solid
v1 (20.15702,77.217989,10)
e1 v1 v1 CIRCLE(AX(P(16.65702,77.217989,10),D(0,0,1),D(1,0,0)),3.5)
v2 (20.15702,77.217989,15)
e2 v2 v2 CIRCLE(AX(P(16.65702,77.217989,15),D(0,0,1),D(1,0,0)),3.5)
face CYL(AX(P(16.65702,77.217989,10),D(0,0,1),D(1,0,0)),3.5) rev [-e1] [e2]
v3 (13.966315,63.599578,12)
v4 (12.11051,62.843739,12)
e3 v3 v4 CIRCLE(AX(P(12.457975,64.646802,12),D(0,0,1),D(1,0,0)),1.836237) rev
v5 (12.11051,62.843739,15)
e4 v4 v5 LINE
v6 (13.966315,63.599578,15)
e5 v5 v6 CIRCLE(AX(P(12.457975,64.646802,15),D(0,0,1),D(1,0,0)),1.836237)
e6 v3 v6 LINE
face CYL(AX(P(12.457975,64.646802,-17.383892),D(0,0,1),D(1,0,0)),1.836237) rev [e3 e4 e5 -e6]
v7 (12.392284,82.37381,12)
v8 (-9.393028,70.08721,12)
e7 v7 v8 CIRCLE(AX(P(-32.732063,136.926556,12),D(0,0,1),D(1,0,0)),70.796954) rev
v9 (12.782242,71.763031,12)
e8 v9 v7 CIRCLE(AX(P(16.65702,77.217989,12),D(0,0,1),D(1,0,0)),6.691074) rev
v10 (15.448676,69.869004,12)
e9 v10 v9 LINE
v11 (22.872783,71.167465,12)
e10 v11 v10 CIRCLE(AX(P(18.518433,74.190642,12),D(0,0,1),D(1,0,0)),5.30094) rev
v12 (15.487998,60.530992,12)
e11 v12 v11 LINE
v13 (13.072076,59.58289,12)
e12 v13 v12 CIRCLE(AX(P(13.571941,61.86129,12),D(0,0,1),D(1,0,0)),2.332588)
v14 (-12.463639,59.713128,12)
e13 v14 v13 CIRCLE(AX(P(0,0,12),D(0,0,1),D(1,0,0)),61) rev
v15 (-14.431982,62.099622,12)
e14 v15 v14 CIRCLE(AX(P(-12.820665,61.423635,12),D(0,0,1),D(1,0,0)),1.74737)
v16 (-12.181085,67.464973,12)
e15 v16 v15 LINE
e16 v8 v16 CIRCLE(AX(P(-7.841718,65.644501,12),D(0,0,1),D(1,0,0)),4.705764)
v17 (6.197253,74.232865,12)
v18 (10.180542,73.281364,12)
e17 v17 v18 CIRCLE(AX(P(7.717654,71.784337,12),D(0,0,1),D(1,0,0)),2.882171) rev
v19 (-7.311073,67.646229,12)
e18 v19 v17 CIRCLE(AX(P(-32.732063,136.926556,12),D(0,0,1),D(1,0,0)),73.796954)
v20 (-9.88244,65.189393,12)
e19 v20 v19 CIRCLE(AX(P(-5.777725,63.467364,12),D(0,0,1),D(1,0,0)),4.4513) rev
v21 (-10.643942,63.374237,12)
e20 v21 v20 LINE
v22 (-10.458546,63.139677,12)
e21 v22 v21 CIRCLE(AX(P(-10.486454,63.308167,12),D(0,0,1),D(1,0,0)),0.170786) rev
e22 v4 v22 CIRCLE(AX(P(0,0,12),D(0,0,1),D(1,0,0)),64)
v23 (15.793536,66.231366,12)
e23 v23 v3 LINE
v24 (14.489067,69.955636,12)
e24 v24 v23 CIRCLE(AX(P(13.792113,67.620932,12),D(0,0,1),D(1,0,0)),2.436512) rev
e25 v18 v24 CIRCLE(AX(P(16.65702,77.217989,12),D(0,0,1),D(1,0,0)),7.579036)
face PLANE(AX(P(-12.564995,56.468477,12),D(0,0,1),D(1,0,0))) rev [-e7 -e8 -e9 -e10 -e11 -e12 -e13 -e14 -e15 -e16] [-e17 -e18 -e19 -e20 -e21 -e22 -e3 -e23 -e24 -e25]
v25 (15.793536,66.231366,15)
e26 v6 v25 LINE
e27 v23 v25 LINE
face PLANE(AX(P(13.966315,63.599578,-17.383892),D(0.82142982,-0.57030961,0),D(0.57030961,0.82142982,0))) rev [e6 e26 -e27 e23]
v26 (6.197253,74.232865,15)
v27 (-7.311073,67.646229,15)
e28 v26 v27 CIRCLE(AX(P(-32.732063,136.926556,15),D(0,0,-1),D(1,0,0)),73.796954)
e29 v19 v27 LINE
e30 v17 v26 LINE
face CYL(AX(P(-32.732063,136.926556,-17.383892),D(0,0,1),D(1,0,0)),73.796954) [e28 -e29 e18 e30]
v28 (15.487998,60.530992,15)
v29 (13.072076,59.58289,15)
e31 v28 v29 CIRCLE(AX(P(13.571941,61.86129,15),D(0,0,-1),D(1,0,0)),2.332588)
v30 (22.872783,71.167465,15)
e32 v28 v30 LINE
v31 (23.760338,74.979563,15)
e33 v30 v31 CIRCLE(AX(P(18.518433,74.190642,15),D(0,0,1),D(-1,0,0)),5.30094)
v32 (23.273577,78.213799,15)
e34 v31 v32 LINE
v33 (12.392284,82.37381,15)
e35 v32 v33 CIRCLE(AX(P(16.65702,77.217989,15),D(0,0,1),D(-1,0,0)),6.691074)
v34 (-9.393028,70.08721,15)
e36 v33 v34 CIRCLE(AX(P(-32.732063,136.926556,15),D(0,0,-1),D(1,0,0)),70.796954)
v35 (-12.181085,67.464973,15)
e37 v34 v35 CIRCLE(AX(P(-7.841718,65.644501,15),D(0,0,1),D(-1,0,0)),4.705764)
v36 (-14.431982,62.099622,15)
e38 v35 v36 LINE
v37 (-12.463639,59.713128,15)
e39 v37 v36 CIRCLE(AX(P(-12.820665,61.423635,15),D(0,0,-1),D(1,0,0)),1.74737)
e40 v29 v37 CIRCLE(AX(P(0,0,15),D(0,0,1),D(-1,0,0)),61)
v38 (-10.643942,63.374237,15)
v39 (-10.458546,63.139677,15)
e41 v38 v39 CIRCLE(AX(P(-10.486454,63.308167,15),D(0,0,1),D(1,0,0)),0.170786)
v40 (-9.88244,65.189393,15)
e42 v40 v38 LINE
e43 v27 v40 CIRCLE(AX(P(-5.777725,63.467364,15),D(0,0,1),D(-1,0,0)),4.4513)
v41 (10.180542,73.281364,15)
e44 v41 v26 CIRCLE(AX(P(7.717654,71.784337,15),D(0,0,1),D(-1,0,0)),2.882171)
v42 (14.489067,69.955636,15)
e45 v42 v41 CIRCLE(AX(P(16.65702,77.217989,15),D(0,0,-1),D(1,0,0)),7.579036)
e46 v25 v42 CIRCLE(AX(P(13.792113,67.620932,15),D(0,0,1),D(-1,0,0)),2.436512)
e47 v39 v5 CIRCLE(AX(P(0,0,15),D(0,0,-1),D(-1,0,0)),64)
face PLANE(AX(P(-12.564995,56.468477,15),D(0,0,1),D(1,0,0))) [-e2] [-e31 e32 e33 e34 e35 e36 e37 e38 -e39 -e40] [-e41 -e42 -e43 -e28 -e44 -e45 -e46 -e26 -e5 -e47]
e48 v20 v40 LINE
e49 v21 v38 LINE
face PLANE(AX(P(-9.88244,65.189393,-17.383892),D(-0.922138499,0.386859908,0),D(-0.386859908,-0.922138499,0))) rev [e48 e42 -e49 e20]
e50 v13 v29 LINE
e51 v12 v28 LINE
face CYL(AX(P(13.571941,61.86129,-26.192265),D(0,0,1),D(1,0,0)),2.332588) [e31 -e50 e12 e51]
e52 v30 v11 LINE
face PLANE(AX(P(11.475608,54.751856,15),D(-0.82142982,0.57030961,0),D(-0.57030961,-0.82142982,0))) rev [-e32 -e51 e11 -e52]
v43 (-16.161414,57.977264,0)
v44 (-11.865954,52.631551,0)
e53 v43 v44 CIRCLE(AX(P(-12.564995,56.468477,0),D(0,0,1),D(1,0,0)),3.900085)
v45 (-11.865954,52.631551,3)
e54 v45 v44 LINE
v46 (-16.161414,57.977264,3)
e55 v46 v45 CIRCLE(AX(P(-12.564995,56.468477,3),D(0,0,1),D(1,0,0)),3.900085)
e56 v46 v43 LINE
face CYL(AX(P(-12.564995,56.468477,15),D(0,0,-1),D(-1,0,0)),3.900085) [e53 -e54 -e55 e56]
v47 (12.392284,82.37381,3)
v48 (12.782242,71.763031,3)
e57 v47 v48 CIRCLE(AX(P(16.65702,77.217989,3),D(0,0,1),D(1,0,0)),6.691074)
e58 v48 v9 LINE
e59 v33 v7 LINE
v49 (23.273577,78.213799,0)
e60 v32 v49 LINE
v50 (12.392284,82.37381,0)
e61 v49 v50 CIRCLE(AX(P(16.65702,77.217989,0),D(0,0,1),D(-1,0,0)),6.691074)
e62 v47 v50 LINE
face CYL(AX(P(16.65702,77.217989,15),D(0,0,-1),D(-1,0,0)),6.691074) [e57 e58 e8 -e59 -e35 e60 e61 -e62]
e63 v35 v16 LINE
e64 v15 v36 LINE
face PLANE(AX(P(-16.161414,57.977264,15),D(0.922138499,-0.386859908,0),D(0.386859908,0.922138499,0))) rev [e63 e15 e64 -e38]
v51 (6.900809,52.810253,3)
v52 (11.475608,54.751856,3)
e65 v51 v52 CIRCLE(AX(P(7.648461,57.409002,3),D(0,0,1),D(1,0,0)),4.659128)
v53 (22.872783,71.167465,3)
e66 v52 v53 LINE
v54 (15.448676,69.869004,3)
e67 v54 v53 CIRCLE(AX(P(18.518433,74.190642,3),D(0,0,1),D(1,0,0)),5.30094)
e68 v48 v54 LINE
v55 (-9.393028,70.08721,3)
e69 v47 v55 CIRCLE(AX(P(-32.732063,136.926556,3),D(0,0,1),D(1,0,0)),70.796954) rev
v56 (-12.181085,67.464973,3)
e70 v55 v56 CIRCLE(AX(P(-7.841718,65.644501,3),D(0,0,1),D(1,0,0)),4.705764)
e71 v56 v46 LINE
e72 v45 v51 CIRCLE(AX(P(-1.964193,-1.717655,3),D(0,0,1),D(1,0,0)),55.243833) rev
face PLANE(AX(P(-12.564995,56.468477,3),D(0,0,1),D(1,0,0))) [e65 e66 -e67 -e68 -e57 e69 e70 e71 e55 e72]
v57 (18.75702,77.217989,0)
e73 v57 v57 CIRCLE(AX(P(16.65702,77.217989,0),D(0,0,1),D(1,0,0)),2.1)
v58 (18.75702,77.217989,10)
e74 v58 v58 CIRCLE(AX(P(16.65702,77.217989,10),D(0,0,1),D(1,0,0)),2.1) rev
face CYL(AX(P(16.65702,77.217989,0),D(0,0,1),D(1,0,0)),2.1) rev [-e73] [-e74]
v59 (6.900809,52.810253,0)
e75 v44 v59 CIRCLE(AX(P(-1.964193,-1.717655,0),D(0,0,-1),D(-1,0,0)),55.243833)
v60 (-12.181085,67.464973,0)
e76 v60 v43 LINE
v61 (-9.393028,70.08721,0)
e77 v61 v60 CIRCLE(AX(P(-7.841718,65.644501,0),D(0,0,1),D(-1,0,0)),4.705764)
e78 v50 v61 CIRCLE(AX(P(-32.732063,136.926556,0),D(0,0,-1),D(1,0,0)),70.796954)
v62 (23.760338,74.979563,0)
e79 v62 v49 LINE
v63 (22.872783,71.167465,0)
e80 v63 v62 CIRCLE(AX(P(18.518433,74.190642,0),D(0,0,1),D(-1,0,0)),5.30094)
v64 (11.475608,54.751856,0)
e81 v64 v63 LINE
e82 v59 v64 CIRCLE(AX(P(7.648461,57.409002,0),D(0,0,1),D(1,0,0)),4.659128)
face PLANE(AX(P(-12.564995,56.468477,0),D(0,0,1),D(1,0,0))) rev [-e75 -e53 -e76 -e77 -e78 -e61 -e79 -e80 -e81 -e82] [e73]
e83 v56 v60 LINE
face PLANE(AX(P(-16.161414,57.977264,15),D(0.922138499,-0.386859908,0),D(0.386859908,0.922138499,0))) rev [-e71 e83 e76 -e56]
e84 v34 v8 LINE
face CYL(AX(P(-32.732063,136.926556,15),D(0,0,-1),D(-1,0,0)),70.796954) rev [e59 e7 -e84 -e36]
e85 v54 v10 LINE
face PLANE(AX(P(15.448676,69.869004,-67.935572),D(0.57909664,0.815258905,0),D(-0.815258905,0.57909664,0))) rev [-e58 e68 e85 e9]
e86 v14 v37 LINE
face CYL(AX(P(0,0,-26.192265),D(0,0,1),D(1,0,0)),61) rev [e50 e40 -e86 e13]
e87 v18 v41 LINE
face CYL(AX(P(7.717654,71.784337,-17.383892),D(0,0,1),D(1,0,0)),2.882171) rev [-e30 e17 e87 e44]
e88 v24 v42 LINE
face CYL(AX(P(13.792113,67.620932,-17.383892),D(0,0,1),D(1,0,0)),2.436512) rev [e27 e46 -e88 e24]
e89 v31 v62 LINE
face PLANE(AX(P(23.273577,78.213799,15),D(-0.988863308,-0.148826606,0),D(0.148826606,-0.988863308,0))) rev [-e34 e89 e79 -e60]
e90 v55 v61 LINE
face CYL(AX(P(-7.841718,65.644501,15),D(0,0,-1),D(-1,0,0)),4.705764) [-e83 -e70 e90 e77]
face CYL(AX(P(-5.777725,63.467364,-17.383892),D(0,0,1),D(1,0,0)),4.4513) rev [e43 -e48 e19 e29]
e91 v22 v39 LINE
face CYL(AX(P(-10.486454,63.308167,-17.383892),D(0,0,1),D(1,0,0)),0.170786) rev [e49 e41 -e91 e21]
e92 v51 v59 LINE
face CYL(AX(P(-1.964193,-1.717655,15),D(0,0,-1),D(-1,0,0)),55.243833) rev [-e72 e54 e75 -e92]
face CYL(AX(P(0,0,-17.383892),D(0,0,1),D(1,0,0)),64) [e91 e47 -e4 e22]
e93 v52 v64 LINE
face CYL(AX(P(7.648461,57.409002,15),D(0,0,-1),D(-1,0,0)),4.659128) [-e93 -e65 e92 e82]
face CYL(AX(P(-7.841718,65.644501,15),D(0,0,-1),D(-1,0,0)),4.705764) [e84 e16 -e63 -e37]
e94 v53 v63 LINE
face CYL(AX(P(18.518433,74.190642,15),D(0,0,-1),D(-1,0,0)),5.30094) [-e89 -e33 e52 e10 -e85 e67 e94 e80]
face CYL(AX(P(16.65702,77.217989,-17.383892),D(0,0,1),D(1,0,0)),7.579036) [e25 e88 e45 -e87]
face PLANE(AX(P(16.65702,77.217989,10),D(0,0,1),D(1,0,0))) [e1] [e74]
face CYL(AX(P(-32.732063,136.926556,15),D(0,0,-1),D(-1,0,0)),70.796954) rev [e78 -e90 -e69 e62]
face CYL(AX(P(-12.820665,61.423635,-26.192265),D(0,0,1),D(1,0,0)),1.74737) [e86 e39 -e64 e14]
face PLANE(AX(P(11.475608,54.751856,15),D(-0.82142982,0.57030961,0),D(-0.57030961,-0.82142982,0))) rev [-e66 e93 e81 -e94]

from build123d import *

# Parameters (mm, degrees)
BOSS_EXTRUDE1_DEPTH     = 15
SKETCH16_R              = 2.1
CUT_EXTRUDE2_DEPTH      = 89.504764277
SKETCH17_R              = 3.5
CUT_EXTRUDE3_DEPTH      = 5
CUT_EXTRUDE1_DEPTH      = 5
CUT_EXTRUDE1_DEPTH_BACK = 4
CUT_EXTRUDE5_DEPTH      = 3
CUT_EXTRUDE4_DEPTH      = 3


with BuildPart() as part:
    # Sketch14 → Boss-Extrude1 (new body)
    with BuildSketch(Plane.XY):
        with BuildLine():
            Line((-16.161413536, 57.977264022), (-12.181084948, 67.464973009))
            ThreePointArc((-12.181084948, 67.464973009), (-11.065698538, 69.072353645), (-9.393028071, 70.087209723))
            ThreePointArc((-9.393028071, 70.087209723), (2.046505069, 75.260844547), (12.392283809, 82.373810035))
            ThreePointArc((12.392283809, 82.373810035), (19.046410902, 83.46789097), (23.273577081, 78.213798608))
            Line((23.273577081, 78.213798608), (23.760338244, 74.979563376))
            ThreePointArc((23.760338244, 74.979563376), (23.681286202, 72.988596756), (22.8727833, 71.167465139))
            Line((22.8727833, 71.167465139), (11.475608136, 54.751856173))
            ThreePointArc((11.475608136, 54.751856173), (9.468702378, 53.12015601), (6.90080904, 52.810252891))
            ThreePointArc((6.90080904, 52.810252891), (-2.49021647, 53.523672844), (-11.865953559, 52.631550555))
            ThreePointArc((-11.865953559, 52.631550555), (-15.60520233, 54.025568594), (-16.161413536, 57.977264022))
        make_face()
    extrude(amount=BOSS_EXTRUDE1_DEPTH)

    # Sketch16 → Cut-Extrude2 (cut, through all)
    with BuildSketch(Plane.XY.offset(15)):
        with Locations((16.657019892, 77.21798883)):
            Circle(SKETCH16_R)
    extrude(amount=-CUT_EXTRUDE2_DEPTH, mode=Mode.SUBTRACT)

    # Sketch17 → Cut-Extrude3 (cut)
    with BuildSketch(Plane.XY.offset(15)):
        with Locations((16.657019892, 77.21798883)):
            Circle(SKETCH17_R)
    extrude(amount=-CUT_EXTRUDE3_DEPTH, mode=Mode.SUBTRACT)

    # Sketch15 → Cut-Extrude1 (cut, two sides: drawn at the far end of the back side and taken through both)
    with BuildSketch(Plane.XY.offset(7).offset(-CUT_EXTRUDE1_DEPTH_BACK)):
        with BuildLine():
            Line((13.708420325, 83.2243377), (11.92660987, 87.484761825))
            Line((11.92660987, 87.484761825), (-22.331697338, 87.484761825))
            Line((-22.331697338, 87.484761825), (-22.331697338, 56.566228638))
            Line((-22.331697338, 56.566228638), (-22.331697338, 46.478853626))
            Line((-22.331697338, 46.478853626), (13.179214544, 46.478853626))
            Line((13.179214544, 46.478853626), (31.832474143, 71.167465139))
            Line((31.832474143, 71.167465139), (22.8727833, 71.167465139))
            ThreePointArc((22.8727833, 71.167465139), (19.43169391, 68.968964182), (15.448675977, 69.869003519))
            Line((15.448675977, 69.869003519), (12.782241645, 71.763031479))
            ThreePointArc((12.782241645, 71.763031479), (9.987686622, 77.756932137), (13.708420325, 83.2243377))
        make_face()
    extrude(amount=CUT_EXTRUDE1_DEPTH + CUT_EXTRUDE1_DEPTH_BACK, mode=Mode.SUBTRACT)

    # Sketch19 → Cut-Extrude5 (cut)
    with BuildSketch(Plane.XY.offset(15)):
        with BuildLine():
            Line((-14.431982215, 62.099622447), (-17.748305782, 61.423635141))
            Line((-17.748305782, 61.423635141), (-17.748305782, 50.845501907))
            Line((-17.748305782, 50.845501907), (18.748185883, 50.845501907))
            Line((18.748185883, 50.845501907), (18.748185883, 60.53099213))
            Line((18.748185883, 60.53099213), (15.487998108, 60.53099213))
            ThreePointArc((15.487998108, 60.53099213), (14.424069998, 59.689920639), (13.072075611, 59.582890491))
            ThreePointArc((13.072075611, 59.582890491), (0.311109574, 60.999206641), (-12.463639277, 59.713128338))
            ThreePointArc((-12.463639277, 59.713128338), (-14.168682333, 60.311811806), (-14.431982215, 62.099622447))
        make_face()
    extrude(amount=-CUT_EXTRUDE5_DEPTH, mode=Mode.SUBTRACT)

    # Sketch18 → Cut-Extrude4 (cut)
    with BuildSketch(Plane.XY.offset(15)):
        with BuildLine():
            Line((-9.882439649, 65.189392999), (-10.64394248, 63.374237016))
            ThreePointArc((-10.64394248, 63.374237016), (-10.620440593, 63.202263891), (-10.458545604, 63.139677097))
            ThreePointArc((-10.458545604, 63.139677097), (0.83913118, 63.994498661), (12.110509679, 62.84373919))
            ThreePointArc((12.110509679, 62.84373919), (13.150600921, 62.946203076), (13.96631504, 63.599578248))
            Line((13.96631504, 63.599578248), (15.793536168, 66.231366135))
            ThreePointArc((15.793536168, 66.231366135), (16.091647066, 68.426370752), (14.489067204, 69.955636315))
            ThreePointArc((14.489067204, 69.955636315), (12.025965625, 71.21839557), (10.180541593, 73.281364419))
            ThreePointArc((10.180541593, 73.281364419), (8.387287086, 74.587638576), (6.197252886, 74.232865263))
            ThreePointArc((6.197252886, 74.232865263), (-0.388803899, 70.594783201), (-7.311073103, 67.646228619))
            ThreePointArc((-7.311073103, 67.646228619), (-8.85277752, 66.685766956), (-9.882439649, 65.189392999))
        make_face()
    extrude(amount=-CUT_EXTRUDE4_DEPTH, mode=Mode.SUBTRACT)


solid = part.part
